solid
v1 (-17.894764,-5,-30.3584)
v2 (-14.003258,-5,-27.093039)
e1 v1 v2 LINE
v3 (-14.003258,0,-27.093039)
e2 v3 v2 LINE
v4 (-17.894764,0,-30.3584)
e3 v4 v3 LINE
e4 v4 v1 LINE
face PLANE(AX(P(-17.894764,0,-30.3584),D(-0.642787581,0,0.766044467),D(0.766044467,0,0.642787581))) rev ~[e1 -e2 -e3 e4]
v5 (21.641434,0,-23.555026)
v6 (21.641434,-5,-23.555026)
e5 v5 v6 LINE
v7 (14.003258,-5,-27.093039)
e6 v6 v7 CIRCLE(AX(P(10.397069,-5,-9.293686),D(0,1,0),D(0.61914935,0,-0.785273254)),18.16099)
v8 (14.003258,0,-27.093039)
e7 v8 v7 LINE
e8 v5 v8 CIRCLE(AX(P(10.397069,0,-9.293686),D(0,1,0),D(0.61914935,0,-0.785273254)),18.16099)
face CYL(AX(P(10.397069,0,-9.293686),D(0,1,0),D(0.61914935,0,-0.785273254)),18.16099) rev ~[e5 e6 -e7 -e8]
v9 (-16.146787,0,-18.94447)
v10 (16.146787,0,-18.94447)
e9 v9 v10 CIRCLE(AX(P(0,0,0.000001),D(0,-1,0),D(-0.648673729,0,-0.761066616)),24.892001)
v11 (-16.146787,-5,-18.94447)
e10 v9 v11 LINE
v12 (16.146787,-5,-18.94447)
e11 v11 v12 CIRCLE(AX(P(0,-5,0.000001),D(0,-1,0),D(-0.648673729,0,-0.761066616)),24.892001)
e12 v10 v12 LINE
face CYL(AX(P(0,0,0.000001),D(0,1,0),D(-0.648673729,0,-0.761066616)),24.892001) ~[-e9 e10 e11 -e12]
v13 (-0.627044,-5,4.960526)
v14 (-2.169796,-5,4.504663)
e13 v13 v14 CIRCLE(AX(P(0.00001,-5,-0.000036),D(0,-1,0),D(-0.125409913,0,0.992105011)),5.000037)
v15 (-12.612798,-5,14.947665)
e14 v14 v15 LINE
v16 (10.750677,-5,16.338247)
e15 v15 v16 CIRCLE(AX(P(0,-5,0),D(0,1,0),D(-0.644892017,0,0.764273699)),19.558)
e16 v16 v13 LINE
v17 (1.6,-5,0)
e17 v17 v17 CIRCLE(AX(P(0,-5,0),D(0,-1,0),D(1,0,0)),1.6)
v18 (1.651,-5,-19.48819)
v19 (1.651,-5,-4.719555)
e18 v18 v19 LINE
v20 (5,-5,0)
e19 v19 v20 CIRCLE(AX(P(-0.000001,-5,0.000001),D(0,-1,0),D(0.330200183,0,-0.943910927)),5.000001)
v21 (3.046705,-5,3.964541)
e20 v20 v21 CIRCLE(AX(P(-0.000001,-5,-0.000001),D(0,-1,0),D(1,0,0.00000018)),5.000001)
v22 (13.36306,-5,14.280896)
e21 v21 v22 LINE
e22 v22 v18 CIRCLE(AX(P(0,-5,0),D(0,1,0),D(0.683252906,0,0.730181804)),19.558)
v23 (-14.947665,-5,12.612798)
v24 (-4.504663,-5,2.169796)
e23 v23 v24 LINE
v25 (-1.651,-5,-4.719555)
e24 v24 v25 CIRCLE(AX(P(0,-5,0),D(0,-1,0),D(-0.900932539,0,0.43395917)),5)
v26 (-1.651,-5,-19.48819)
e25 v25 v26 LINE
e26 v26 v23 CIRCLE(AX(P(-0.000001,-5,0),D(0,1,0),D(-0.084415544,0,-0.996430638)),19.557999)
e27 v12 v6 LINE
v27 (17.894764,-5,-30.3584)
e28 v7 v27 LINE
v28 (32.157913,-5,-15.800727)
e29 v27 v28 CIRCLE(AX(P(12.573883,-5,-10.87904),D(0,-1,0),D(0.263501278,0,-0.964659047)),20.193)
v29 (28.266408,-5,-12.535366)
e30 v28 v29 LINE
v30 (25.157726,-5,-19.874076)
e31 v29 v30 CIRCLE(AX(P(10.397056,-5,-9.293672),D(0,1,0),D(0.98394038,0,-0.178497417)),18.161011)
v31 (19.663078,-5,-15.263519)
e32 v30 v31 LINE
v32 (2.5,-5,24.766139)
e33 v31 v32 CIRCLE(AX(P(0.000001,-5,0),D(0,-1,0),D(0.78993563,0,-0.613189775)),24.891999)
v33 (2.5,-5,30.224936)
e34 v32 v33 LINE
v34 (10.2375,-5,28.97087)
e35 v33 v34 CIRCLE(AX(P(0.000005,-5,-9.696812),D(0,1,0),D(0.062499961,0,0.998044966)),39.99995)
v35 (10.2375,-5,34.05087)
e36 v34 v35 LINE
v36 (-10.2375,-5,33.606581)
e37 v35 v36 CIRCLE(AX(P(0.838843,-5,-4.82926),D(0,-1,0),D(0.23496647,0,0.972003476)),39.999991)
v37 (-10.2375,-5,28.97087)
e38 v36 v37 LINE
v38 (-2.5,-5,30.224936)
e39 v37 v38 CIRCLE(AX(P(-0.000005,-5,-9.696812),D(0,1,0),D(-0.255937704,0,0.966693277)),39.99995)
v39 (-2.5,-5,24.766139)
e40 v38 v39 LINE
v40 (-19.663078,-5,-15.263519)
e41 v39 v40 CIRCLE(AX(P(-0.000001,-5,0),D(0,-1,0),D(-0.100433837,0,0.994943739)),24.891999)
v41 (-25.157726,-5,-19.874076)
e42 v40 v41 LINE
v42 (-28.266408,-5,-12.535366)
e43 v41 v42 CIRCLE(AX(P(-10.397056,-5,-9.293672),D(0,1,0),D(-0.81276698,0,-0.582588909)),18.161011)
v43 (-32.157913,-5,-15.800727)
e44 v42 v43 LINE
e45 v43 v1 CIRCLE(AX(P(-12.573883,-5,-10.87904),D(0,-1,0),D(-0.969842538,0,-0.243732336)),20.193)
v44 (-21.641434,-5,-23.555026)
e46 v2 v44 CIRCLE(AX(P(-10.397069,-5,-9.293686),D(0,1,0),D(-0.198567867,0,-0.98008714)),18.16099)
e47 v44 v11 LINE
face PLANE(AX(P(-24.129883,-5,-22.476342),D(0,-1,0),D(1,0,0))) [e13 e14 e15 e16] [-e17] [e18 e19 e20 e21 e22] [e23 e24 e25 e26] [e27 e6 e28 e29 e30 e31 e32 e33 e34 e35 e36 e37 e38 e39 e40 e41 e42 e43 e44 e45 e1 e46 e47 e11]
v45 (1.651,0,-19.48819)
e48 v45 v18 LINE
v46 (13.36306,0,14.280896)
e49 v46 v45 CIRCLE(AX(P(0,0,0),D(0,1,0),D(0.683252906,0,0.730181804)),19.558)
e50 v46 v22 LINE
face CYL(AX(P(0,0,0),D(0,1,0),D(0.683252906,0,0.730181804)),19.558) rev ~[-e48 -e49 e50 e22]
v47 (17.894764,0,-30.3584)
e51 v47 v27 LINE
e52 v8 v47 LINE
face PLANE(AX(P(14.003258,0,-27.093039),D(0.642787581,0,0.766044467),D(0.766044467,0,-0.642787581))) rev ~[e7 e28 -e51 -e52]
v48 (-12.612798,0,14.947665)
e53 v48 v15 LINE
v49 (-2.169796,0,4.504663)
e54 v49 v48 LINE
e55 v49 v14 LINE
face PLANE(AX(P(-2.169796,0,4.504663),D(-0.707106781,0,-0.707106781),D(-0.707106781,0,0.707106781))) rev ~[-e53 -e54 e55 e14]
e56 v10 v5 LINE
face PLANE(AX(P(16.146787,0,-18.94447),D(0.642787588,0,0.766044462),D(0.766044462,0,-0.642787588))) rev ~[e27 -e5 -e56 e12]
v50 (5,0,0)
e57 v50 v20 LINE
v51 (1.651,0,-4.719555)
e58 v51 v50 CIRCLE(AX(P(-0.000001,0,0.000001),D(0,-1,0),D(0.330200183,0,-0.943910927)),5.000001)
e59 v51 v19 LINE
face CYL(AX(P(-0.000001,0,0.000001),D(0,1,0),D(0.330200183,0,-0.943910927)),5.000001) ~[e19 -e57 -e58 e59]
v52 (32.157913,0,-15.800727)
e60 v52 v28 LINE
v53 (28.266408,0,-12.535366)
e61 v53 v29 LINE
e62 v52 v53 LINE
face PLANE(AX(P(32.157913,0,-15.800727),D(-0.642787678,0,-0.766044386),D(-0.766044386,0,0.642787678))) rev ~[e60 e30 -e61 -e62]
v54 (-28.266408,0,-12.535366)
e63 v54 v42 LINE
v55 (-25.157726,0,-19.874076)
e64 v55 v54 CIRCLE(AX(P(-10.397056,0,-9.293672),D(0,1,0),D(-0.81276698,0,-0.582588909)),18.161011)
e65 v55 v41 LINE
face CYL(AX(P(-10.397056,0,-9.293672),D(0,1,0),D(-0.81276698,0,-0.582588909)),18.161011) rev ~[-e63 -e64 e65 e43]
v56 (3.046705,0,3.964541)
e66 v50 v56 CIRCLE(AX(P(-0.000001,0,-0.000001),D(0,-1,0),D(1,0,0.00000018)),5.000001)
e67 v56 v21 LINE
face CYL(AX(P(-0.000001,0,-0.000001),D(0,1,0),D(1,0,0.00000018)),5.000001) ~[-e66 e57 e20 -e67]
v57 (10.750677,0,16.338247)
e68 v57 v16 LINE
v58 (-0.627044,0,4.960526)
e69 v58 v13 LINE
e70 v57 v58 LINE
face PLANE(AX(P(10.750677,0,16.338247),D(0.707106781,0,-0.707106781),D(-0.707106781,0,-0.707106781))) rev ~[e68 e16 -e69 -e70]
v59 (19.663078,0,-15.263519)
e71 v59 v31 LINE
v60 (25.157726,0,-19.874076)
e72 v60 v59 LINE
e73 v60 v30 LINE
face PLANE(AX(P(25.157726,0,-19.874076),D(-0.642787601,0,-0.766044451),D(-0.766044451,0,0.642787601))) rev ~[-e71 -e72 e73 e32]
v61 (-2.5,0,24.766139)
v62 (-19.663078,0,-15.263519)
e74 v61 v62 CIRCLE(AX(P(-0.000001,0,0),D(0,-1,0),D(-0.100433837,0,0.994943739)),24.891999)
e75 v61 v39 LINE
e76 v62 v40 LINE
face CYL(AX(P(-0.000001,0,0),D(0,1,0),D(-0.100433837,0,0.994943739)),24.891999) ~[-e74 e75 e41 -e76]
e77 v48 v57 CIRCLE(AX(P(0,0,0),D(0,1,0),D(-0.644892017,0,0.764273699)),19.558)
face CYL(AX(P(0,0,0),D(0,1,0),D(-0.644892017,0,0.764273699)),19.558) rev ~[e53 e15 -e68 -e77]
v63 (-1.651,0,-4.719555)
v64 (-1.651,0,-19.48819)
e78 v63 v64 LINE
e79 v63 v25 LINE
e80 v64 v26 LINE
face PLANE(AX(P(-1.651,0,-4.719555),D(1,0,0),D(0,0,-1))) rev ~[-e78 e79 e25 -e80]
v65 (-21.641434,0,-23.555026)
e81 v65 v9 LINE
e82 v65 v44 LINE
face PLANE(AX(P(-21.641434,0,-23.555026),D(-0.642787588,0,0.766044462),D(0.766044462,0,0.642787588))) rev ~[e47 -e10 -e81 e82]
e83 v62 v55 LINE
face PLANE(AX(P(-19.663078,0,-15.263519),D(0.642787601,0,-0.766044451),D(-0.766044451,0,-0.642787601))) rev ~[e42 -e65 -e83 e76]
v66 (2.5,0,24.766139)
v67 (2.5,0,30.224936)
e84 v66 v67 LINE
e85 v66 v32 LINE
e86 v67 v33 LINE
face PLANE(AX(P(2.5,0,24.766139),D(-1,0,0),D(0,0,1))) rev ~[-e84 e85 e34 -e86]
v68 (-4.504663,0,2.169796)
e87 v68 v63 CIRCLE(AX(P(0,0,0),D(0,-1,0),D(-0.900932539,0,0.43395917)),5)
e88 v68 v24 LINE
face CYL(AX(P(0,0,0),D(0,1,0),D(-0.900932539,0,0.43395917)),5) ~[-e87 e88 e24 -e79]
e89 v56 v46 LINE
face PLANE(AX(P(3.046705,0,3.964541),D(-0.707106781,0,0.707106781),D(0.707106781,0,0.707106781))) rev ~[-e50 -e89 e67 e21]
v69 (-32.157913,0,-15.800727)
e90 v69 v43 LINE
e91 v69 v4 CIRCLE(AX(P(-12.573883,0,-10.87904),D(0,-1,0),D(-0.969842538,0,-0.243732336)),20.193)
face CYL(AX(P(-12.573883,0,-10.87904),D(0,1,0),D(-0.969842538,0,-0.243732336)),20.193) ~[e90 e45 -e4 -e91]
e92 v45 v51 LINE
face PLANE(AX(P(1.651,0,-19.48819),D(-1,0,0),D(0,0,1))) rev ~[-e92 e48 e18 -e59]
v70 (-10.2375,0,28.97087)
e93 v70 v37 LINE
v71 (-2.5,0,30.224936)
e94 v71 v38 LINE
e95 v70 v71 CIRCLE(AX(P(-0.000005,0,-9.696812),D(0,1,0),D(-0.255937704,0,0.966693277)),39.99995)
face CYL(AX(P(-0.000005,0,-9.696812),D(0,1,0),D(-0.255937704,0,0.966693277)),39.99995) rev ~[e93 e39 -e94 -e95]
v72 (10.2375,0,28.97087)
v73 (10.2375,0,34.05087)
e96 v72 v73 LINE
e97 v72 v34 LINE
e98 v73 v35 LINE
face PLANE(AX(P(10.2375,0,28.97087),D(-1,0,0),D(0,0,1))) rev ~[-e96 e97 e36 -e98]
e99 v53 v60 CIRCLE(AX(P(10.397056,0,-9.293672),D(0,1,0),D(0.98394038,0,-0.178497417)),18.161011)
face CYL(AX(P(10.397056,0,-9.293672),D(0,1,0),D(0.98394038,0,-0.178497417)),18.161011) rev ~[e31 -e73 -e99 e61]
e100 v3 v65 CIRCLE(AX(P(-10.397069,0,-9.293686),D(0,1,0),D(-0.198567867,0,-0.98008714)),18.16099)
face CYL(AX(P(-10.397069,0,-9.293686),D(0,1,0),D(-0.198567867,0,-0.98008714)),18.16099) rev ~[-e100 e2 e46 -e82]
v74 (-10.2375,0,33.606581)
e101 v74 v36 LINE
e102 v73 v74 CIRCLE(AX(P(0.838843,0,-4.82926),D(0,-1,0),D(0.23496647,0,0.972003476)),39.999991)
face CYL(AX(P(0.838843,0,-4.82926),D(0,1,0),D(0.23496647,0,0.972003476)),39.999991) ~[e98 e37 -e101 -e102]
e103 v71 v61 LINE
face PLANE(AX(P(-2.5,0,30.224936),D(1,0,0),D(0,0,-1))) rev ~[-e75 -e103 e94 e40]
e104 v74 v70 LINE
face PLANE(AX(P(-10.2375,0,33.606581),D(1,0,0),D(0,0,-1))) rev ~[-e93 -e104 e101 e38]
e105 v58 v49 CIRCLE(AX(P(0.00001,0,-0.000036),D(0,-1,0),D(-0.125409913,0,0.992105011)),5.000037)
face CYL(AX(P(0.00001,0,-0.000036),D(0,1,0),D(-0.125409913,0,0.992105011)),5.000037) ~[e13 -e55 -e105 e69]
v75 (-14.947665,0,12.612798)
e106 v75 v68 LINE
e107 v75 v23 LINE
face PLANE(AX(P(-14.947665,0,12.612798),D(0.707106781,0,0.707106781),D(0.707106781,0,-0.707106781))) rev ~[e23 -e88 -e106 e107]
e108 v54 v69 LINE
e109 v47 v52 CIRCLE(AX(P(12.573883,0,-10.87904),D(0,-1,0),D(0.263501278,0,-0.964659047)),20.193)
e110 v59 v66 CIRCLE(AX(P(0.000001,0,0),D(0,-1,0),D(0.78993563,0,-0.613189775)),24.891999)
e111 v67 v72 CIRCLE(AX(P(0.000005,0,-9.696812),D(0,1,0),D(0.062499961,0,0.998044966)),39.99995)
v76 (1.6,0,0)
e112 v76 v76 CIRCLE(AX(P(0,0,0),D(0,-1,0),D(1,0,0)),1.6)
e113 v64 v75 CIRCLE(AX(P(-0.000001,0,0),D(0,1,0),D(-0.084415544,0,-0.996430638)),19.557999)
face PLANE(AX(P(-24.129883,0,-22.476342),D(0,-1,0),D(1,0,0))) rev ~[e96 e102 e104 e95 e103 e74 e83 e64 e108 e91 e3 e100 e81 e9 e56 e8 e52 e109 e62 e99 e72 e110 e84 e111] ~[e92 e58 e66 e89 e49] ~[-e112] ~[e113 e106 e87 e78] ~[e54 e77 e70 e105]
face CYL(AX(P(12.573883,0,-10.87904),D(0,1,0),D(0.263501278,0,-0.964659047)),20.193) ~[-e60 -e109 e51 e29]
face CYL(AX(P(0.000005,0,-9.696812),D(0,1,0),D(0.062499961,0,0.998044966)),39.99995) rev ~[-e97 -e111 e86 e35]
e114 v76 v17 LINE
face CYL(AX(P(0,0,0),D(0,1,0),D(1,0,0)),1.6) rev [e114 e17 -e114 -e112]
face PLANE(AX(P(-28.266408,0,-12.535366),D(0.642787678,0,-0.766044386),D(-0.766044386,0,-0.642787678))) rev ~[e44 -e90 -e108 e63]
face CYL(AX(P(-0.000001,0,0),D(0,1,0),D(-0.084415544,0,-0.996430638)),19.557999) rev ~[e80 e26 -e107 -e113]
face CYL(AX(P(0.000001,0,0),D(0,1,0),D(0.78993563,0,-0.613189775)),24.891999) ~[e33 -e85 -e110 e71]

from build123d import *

# Parameters (mm, degrees)
F0_R     = 1.6
F1_DEPTH = 5


with BuildPart() as f1:
    # F0 (on Front) → F1 (new body)
    with BuildSketch(Plane.XZ):
        with BuildLine():
            ThreePointArc((-14.003258, -27.093039), (-18.030163, -25.772686), (-21.641434, -23.555026))
            ThreePointArc((-21.641434, -23.555026), (-23.529191, -21.838365), (-25.157726, -19.874076))
            ThreePointArc((-25.157726, -19.874076), (-27.119608, -16.377356), (-28.266408, -12.535366))
            Line((-28.266408, -12.535366), (-32.157913, -15.800727))
            ThreePointArc((-32.157913, -15.800727), (-26.997652, -25.010994), (-17.894764, -30.3584))
            Line((-17.894764, -30.3584), (-14.003258, -27.093039))
        make_face()
        with BuildLine():
            ThreePointArc((25.157726, -19.874076), (23.529191, -21.838365), (21.641434, -23.555026))
            ThreePointArc((21.641434, -23.555026), (18.030163, -25.772686), (14.003258, -27.093039))
            Line((14.003258, -27.093039), (17.894764, -30.3584))
            ThreePointArc((17.894764, -30.3584), (26.997652, -25.010994), (32.157913, -15.800727))
            Line((32.157913, -15.800727), (28.266408, -12.535366))
            ThreePointArc((28.266408, -12.535366), (27.119608, -16.377356), (25.157726, -19.874076))
        make_face()
        with BuildLine():
            ThreePointArc((-10.2375, 28.97087), (-6.399543, 29.787892), (-2.5, 30.224936))
            ThreePointArc((-2.5, 30.224936), (0, 30.303137), (2.5, 30.224936))
            ThreePointArc((2.5, 30.224936), (6.399543, 29.787892), (10.2375, 28.97087))
            Line((10.2375, 28.97087), (10.2375, 34.05087))
            ThreePointArc((10.2375, 34.05087), (-0.028916, 35.161317), (-10.2375, 33.606581))
            Line((-10.2375, 33.606581), (-10.2375, 28.97087))
        make_face()
        with BuildLine():
            Line((-21.641434, -23.555026), (-16.146787, -18.94447))
            ThreePointArc((-16.146787, -18.94447), (0, -24.892), (16.146787, -18.94447))
            Line((16.146787, -18.94447), (21.641434, -23.555026))
            ThreePointArc((21.641434, -23.555026), (23.529191, -21.838365), (25.157726, -19.874076))
            Line((25.157726, -19.874076), (19.663078, -15.263519))
            ThreePointArc((19.663078, -15.263519), (22.877804, 9.809065), (2.5, 24.766139))
            Line((2.5, 24.766139), (2.5, 30.224936))
            ThreePointArc((2.5, 30.224936), (0, 30.303137), (-2.5, 30.224936))
            Line((-2.5, 30.224936), (-2.5, 24.766139))
            ThreePointArc((-2.5, 24.766139), (-22.877804, 9.809065), (-19.663078, -15.263519))
            Line((-19.663078, -15.263519), (-25.157726, -19.874076))
            ThreePointArc((-25.157726, -19.874076), (-23.529191, -21.838365), (-21.641434, -23.555026))
        make_face()
        with BuildLine():
            ThreePointArc((-1.651, -19.48819), (-18.069236, -7.484523), (-14.947665, 12.612798))
            Line((-14.947665, 12.612798), (-4.504663, 2.169796))
            ThreePointArc((-4.504663, 2.169796), (-3.535534, 3.535534), (-2.169796, 4.504663))
            Line((-2.169796, 4.504663), (-12.612798, 14.947665))
            ThreePointArc((-12.612798, 14.947665), (-1.162026, 19.523449), (10.750677, 16.338247))
            Line((10.750677, 16.338247), (-0.627044, 4.960526))
            ThreePointArc((-0.627044, 4.960526), (1.308314, 4.825797), (3.046705, 3.964541))
            Line((3.046705, 3.964541), (13.36306, 14.280896))
            ThreePointArc((13.36306, 14.280896), (18.478184, -6.408749), (1.651, -19.48819))
            Line((1.651, -19.48819), (1.651, -4.719555))
            ThreePointArc((1.651, -4.719555), (0, -5), (-1.651, -4.719555))
            Line((-1.651, -4.719555), (-1.651, -19.48819))
        make_face(mode=Mode.SUBTRACT)
        with BuildLine():
            ThreePointArc((-2.169796, 4.504663), (-3.535534, 3.535534), (-4.504663, 2.169796))
            ThreePointArc((-4.504663, 2.169796), (-4.619398, -1.913417), (-1.651, -4.719555))
            ThreePointArc((-1.651, -4.719555), (0, -5), (1.651, -4.719555))
            ThreePointArc((1.651, -4.719555), (4.077683, -2.893527), (5, 0))
            ThreePointArc((5, 0), (4.485171, 2.209805), (3.046705, 3.964541))
            ThreePointArc((3.046705, 3.964541), (1.308314, 4.825797), (-0.627044, 4.960526))
            ThreePointArc((-0.627044, 4.960526), (-1.416874, 4.795046), (-2.169796, 4.504663))
        make_face()
        Circle(F0_R, mode=Mode.SUBTRACT)
    extrude(amount=F1_DEPTH)


solid = f1.part
